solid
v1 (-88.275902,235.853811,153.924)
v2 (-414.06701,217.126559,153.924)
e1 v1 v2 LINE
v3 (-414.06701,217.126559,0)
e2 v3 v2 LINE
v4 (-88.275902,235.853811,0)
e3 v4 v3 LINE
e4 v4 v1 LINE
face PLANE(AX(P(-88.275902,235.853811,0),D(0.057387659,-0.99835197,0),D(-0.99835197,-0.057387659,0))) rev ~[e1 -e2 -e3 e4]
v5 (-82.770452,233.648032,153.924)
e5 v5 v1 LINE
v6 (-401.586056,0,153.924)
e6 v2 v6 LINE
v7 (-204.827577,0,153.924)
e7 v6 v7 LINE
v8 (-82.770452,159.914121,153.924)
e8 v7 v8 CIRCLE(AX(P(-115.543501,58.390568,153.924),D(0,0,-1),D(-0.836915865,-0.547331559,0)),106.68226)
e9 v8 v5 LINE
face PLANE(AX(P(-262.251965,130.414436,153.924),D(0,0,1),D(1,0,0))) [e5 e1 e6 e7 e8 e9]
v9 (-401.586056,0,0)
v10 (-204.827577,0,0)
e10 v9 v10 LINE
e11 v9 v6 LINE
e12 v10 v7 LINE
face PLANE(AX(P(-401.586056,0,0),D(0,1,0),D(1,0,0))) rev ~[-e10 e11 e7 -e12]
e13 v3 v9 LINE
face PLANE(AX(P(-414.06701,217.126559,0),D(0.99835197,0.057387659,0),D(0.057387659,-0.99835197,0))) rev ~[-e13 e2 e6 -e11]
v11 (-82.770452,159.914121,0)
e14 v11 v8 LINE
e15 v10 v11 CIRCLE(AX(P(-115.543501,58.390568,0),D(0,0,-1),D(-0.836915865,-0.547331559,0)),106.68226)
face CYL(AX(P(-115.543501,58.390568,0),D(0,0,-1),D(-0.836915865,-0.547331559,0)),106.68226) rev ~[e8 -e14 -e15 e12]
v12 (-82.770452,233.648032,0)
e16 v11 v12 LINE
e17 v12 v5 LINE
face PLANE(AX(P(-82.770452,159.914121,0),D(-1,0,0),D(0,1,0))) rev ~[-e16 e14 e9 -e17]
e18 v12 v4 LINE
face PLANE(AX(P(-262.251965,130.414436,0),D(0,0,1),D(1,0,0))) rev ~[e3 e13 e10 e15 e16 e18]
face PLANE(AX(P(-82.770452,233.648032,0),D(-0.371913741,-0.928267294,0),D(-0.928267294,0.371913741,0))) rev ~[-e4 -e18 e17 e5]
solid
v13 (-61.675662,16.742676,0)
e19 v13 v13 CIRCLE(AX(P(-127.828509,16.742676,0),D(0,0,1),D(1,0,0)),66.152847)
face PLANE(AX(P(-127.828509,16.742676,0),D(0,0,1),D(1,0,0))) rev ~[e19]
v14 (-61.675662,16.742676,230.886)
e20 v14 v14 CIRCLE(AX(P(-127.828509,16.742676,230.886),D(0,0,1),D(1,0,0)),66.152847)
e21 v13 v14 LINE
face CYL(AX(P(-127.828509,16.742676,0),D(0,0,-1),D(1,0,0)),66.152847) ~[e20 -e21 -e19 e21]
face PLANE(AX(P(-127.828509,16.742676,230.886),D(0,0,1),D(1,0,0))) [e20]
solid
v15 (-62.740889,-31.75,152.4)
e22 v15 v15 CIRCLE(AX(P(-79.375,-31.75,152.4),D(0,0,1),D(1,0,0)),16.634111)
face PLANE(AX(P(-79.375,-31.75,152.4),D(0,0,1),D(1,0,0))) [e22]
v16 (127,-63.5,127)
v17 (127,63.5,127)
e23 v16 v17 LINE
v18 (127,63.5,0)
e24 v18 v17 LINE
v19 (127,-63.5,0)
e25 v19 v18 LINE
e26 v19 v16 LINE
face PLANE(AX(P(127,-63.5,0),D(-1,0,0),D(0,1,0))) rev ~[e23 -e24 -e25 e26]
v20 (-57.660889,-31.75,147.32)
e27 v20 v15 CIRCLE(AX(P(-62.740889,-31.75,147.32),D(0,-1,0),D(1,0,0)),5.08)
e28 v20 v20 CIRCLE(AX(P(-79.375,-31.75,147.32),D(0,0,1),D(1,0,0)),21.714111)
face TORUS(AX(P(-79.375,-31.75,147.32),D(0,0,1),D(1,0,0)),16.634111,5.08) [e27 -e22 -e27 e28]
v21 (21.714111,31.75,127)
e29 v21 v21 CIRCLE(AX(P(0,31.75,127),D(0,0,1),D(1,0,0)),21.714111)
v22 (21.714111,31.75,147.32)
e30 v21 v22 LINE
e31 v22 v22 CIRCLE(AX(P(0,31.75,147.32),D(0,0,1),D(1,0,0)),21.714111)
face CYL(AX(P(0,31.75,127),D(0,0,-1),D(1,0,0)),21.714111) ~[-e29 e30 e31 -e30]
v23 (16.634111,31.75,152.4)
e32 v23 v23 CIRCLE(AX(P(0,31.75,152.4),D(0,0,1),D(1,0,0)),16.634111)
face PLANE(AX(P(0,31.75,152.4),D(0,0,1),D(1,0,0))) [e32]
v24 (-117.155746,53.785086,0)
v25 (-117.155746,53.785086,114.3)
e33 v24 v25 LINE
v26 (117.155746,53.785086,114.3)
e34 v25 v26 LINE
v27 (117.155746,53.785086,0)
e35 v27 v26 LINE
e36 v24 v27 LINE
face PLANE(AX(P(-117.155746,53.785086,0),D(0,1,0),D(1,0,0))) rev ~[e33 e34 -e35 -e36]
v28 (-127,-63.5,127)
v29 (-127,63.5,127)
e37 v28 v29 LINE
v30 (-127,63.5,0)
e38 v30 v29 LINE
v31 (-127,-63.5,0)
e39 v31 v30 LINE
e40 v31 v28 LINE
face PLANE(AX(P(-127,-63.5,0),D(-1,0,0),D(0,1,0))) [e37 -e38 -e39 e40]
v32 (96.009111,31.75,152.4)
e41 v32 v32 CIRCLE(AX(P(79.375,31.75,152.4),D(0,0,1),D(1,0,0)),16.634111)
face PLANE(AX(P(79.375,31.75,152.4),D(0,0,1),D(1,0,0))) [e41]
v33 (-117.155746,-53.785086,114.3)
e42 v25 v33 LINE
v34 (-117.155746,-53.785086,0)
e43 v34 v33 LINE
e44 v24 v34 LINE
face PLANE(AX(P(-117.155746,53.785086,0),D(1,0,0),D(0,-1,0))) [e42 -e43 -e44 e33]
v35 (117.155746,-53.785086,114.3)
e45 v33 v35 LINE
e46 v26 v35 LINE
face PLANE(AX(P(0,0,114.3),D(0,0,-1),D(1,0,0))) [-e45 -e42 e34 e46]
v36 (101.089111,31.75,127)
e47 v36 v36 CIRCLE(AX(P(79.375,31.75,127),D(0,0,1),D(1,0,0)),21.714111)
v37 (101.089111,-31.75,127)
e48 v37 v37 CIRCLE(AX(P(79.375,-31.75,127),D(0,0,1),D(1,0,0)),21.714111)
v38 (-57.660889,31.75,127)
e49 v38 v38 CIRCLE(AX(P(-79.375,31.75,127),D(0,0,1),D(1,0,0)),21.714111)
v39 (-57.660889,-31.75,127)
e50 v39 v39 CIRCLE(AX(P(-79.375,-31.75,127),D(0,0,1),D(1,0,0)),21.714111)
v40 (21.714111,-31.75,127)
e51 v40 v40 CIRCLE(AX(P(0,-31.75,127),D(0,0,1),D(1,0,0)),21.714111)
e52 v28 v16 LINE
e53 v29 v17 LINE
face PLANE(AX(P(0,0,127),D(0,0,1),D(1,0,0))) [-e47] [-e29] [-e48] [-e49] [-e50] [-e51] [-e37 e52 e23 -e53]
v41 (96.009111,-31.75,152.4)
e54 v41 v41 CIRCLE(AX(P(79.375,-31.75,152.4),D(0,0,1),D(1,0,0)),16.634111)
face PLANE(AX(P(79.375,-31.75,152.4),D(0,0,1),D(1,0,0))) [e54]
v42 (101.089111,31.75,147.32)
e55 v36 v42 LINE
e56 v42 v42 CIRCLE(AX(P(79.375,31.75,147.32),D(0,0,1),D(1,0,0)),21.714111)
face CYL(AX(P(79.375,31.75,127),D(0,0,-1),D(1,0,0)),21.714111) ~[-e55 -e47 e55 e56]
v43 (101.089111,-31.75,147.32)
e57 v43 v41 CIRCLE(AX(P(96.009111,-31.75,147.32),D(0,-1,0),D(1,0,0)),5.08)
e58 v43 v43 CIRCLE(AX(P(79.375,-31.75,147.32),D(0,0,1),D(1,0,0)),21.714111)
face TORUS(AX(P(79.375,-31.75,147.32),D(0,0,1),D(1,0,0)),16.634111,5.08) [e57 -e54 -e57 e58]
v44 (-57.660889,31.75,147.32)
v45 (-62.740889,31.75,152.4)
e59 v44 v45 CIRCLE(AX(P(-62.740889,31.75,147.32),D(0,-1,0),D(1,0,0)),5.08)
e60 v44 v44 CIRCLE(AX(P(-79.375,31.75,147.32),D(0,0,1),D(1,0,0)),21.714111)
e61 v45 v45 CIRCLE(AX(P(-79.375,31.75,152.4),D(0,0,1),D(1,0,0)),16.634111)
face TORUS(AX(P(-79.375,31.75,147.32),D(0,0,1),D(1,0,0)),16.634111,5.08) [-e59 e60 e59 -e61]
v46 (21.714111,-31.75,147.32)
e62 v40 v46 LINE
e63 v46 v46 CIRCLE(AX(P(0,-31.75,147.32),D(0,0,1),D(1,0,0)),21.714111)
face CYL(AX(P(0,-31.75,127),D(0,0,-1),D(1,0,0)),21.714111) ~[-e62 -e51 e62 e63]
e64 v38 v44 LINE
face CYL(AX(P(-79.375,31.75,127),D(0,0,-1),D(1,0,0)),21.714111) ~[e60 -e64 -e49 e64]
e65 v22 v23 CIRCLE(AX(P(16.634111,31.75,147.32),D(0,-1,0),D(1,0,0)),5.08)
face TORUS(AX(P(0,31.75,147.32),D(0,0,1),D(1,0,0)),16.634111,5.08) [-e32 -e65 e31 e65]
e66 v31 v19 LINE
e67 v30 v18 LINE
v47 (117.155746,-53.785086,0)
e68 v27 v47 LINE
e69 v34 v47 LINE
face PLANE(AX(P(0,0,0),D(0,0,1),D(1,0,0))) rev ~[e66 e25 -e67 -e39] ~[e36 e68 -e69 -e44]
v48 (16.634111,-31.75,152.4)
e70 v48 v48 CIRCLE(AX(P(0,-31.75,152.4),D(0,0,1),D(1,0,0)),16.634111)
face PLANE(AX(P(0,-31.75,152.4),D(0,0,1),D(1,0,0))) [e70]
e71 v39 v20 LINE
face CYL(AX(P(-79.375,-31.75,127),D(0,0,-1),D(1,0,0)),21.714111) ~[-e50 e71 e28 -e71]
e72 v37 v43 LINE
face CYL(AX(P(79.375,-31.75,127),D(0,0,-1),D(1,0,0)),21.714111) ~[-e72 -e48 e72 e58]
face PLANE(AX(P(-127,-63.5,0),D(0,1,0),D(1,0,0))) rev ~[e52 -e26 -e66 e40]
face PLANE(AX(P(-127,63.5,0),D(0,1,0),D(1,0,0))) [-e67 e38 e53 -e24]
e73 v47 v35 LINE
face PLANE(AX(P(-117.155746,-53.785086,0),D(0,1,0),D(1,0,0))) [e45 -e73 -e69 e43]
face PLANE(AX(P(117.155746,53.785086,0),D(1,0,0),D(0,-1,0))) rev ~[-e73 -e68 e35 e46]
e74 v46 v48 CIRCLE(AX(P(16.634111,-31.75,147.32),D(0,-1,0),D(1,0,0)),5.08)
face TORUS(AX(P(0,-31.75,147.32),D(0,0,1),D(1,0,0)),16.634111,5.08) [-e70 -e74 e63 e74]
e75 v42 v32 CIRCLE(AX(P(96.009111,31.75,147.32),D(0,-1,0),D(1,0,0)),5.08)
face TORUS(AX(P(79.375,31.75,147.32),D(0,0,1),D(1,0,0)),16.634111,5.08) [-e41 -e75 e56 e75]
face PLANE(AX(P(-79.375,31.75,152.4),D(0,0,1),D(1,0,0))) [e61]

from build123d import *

# Parameters (mm, degrees)
F0_W      = 254
F0_H      = 127
F1_DEPTH  = 127
F2_R      = 21.714111
F3_DEPTH  = 25.4
F4_W      = 234.311492
F4_H      = 107.570172
F5_DEPTH  = 114.3
F6_R      = 5.08
F8_DEPTH  = 153.924
F9_R      = 66.152847
F10_DEPTH = 230.886


with BuildPart() as f1:
    # F0 (on Top) → F1 (new body)
    with BuildSketch(Plane.XY):
        Rectangle(F0_W, F0_H)
    extrude(amount=F1_DEPTH)

    # F2 (on face) → F3 (join)
    with BuildSketch(Plane.XY.offset(127)):
        with Locations((-79.375, 31.75)):
            Circle(F2_R)
        with Locations((0, 31.75)):
            Circle(F2_R)
        with Locations((79.375, 31.75)):
            Circle(F2_R)
        with Locations((79.375, -31.75)):
            Circle(F2_R)
        with Locations((0, -31.75)):
            Circle(F2_R)
        with Locations((-79.375, -31.75)):
            Circle(F2_R)
    extrude(amount=F3_DEPTH)

    # F4 (on face) → F5 (cut)
    with BuildSketch(Plane(origin=(0, 0, 0), x_dir=(1, 0, 0), z_dir=(0, 0, -1))):
        Rectangle(F4_W, F4_H)
    extrude(amount=-F5_DEPTH, mode=Mode.SUBTRACT)

    # F6
    f6_edges = [f1.edges().sort_by_distance(p)[0] for p in [
        (57.660889, 31.75, 152.4),
        (-21.714111, 31.75, 152.4),
        (-101.089111, 31.75, 152.4),
        (-101.089111, -31.75, 152.4),
        (-21.714111, -31.75, 152.4),
        (57.660889, -31.75, 152.4),
    ]]
    fillet(f6_edges, radius=F6_R)


with BuildPart() as f8:
    # F7 (on Top) → F8 (new body)
    with BuildSketch(Plane.XY):
        with BuildLine():
            Line((-401.586056, 0), (-204.827577, 0))
            ThreePointArc((-204.827577, 0), (-200.346246, 123.11768), (-82.770452, 159.914121))
            Line((-82.770452, 159.914121), (-82.770452, 233.648032))
            Line((-82.770452, 233.648032), (-88.275902, 235.853811))
            Line((-88.275902, 235.853811), (-414.06701, 217.126559))
            Line((-414.06701, 217.126559), (-401.586056, 0))
        make_face()
    extrude(amount=F8_DEPTH)


with BuildPart() as f10:
    # F9 (on Top) → F10 (new body)
    with BuildSketch(Plane.XY):
        with Locations((-127.828509, 16.742676)):
            Circle(F9_R)
    extrude(amount=F10_DEPTH)


solid = Compound([f1.part, f8.part, f10.part])
